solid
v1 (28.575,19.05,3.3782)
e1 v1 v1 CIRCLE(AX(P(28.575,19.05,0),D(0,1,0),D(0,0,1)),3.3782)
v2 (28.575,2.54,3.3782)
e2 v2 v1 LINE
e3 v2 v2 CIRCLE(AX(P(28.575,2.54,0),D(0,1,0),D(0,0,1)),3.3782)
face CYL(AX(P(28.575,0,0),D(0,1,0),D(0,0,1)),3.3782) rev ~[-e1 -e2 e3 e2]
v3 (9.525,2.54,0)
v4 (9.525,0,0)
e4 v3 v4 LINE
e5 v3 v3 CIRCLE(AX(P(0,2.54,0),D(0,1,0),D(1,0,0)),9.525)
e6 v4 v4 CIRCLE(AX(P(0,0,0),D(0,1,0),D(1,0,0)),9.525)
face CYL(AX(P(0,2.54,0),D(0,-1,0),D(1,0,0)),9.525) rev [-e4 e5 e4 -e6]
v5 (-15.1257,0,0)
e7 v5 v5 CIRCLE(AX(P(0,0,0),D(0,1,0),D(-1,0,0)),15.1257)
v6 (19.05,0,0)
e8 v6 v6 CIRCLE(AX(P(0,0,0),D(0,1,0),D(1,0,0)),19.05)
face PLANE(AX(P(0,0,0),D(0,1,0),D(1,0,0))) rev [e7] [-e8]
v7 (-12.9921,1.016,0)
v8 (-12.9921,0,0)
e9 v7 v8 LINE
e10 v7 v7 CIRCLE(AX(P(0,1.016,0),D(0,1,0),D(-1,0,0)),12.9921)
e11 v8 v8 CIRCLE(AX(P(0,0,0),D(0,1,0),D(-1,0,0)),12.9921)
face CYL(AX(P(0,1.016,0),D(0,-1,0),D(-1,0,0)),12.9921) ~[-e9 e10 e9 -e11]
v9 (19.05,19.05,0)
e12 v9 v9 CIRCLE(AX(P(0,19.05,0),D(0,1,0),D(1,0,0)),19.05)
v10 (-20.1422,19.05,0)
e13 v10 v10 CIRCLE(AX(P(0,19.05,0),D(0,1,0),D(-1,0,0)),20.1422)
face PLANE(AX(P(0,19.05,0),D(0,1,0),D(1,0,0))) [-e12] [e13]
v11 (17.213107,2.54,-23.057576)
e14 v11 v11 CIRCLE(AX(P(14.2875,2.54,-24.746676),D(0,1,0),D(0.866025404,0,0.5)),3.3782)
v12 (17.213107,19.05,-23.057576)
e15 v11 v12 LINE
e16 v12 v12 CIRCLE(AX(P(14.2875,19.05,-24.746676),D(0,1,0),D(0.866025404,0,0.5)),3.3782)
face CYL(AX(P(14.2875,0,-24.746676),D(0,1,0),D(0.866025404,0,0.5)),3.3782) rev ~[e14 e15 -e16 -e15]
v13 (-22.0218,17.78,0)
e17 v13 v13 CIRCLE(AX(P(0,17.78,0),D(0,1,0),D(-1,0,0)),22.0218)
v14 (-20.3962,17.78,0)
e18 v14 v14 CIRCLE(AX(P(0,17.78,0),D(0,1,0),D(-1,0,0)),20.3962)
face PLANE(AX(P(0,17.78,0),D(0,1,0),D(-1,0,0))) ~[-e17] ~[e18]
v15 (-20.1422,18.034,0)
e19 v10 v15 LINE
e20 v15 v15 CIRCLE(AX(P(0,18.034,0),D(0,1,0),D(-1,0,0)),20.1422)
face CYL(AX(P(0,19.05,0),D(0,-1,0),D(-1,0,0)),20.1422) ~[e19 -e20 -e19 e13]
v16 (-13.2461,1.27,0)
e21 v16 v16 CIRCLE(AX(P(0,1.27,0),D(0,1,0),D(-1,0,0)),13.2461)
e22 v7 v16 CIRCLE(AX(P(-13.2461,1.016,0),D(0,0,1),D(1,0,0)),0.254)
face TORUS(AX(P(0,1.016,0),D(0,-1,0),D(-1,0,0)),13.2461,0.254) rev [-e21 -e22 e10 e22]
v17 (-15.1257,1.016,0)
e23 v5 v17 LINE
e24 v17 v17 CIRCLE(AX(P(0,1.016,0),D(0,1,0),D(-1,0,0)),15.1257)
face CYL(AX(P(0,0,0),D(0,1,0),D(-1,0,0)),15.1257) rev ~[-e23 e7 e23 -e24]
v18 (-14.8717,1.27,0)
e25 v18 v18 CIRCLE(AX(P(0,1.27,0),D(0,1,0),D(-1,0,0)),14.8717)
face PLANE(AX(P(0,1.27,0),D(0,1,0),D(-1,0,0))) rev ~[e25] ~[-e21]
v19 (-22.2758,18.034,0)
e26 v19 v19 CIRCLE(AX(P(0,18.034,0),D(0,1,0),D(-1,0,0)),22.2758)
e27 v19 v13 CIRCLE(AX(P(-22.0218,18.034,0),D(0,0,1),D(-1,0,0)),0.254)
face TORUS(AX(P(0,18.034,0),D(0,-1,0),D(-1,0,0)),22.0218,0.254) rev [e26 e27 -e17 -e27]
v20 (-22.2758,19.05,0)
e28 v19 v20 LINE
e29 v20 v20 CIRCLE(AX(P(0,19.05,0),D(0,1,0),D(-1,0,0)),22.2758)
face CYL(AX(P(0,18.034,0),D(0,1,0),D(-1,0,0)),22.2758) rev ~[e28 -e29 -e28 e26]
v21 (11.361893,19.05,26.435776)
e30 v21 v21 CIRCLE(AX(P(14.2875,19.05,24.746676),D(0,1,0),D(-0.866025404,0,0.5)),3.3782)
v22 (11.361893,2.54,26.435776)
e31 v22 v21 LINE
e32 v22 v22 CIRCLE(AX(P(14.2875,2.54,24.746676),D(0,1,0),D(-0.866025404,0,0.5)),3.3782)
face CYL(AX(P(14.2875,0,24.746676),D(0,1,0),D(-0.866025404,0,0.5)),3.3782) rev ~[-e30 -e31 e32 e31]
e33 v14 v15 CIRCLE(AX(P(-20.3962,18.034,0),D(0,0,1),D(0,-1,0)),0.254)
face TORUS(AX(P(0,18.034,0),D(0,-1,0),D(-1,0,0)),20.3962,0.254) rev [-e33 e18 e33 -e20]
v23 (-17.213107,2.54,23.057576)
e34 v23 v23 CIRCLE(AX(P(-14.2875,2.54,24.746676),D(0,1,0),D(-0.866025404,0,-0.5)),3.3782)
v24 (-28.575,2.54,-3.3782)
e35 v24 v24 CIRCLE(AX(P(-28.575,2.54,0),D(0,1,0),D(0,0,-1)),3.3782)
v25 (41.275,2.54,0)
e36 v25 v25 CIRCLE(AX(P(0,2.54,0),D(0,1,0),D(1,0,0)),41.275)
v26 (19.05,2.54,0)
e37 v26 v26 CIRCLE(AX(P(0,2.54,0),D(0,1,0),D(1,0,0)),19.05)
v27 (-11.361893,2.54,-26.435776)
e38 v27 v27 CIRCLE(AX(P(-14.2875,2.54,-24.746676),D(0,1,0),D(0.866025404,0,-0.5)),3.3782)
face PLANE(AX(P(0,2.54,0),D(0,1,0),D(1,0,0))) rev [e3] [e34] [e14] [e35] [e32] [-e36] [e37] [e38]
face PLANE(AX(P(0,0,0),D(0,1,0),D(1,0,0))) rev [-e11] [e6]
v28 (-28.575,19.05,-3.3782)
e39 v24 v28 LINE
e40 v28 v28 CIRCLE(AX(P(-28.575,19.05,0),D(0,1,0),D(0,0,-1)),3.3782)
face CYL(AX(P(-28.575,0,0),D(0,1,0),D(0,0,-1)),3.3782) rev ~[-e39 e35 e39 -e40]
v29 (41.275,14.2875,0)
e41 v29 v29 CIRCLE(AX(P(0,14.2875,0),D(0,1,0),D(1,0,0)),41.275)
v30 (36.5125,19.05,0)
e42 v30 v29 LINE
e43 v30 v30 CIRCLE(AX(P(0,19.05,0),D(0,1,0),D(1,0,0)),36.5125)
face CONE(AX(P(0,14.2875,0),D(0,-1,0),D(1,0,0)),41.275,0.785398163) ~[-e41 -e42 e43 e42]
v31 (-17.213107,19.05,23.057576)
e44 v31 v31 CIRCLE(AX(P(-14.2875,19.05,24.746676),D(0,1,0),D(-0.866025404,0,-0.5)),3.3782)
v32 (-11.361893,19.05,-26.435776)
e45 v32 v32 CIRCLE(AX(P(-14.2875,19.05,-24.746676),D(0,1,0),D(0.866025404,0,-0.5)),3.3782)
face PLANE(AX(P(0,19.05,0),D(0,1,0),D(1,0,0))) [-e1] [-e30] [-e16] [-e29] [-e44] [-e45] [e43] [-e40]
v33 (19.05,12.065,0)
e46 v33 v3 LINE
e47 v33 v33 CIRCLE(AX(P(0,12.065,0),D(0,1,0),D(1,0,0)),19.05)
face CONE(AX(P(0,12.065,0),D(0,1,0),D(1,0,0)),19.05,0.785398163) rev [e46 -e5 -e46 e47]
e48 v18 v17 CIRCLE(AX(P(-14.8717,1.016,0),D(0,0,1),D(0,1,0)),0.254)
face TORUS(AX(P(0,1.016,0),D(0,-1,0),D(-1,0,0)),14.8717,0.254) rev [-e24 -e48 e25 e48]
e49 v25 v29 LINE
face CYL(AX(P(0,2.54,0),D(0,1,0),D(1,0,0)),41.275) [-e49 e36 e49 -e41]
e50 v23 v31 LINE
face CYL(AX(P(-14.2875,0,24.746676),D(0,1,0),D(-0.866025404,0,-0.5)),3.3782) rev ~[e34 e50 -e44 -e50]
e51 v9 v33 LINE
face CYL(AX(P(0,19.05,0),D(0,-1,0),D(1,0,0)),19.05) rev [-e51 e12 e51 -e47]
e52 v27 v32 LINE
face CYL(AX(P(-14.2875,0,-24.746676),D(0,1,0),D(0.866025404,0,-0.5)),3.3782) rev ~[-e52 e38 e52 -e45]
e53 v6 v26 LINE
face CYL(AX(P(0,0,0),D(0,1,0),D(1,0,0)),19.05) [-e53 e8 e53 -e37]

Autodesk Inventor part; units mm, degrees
ref_plane "YZ Plane" through (0, 0, 0) normal (1, 0, 0) x (0, 1, 0)
ref_plane "XZ Plane" through (0, 0, 0) normal (0, 1, 0) x (-1, 0, 0)
ref_plane "XY Plane" through (0, 0, 0) normal (0, 0, 1) x (1, 0, 0)
sketch "Sketch1" plane through (0, 0, 0) normal (0, 0, 1) x (1, 0, 0)
  line L0 (9.525, 0) -> (19.05, 0)
  line L1 (41.275, 19.05) -> (19.05, 19.05)
  line L2 (19.05, 19.05) -> (19.05, 12.065)
  line L3 (19.05, 12.065) -> (9.525, 2.54)
  line L4 (9.525, 2.54) -> (9.525, 0)
  line L5 (0, -3.81) -> (0, 22.86) projected
  line L6 (19.05, 0) -> (19.05, 2.54)
  line L7 (19.05, 2.54) -> (41.275, 2.54)
  line L8 (41.275, 2.54) -> (41.275, 19.05)
  point P0 (0, 0)
  dimension "d37" = 45
  dimension "d40" = 2.54
  dimension "d57" = 19.05
  dimension "d58" = 9.525
  dimension "d59" = 19.05
  dimension "d60" = 41.275
  dimension "d61" = 2.54
  dimension "d62" = 19.05
revolve "Revolution1" add sketch "Sketch1" angle 360 about axis through (0, -10, 0) along (0, 1, 0)
sketch "Sketch4" plane through (0, 0, 0) normal (0, -1, 0) x (1, 0, 0)
  point P0 (0, 0)
  point P1 (-28.575, 0)
  dimension "d50" = 28.575
hole "Hole2" at (-28.575, 0, 0) direction (0, 1, 0) diameter 6.7564 end through all clearance for "Socket Head Cap Screw" size "1/4" standard "Ansi Unified Screw Threads"
pattern_circular "Circular Pattern3" count 6 over 360 about axis through (0, 1.27, 0) along (0, -1, 0) of "Hole2"
chamfer "Chamfer3" distance 4.7625 angle 45 1 edges at (-41.275, 19.05, 0)
sketch "Sketch8" plane through (0, 0, 0) normal (0, 0, 1) x (1, 0, 0)
  line L0 (-22.2758, 19.05) -> (-20.1422, 19.05)
  line L1 (-20.1422, 19.05) -> (-20.1422, 18.034)
  line L2 (-20.3962, 17.78) -> (-22.0218, 17.78)
  line L3 (-22.2758, 18.034) -> (-22.2758, 19.05)
  line L4 (0, -5.1288) -> (0, 30.7731) projected
  arc A0 (-22.2758, 18.034) -> (-22.0218, 17.78) centre (-22.0218, 18.034) ccw
  arc A1 (-20.3962, 17.78) -> (-20.1422, 18.034) centre (-20.3962, 18.034) ccw
  line L5 (-19.05, 19.05) -> (19.05, 19.05) projected
  point P0 (0, 0)
  point P1 (-22.2758, 17.78)
  dimension "d88" = 1.27
  dimension "d90" = 22.2758
  dimension "d91" = 2.1336
  dimension "d92" = 0.254
  dimension "d93" = 0.254
  dimension "d94" = 0
revolve "Revolution5" cut sketch "Sketch8" angle 360 about axis through (0, -10, 0) along (0, 1, 0)
sketch "Sketch9" plane through (0, 0, 0) normal (0, 0, 1) x (1, 0, 0)
  line L0 (-14.8717, 1.27) -> (-13.2461, 1.27)
  line L1 (-12.9921, 1.016) -> (-12.9921, 0)
  line L2 (-12.9921, 0) -> (-15.1257, 0)
  line L3 (-15.1257, 0) -> (-15.1257, 1.016)
  arc A0 (-14.8717, 1.27) -> (-15.1257, 1.016) centre (-14.8717, 1.016) ccw
  arc A1 (-12.9921, 1.016) -> (-13.2461, 1.27) centre (-13.2461, 1.016) ccw
  line L4 (0, -3.81) -> (0, 22.86) projected
  line L5 (0, -15.7794) -> (0, 28.2703) construction
  point P0 (0, 0)
  dimension "d96" = 15.1257
  dimension "d97" = 0.254
  dimension "d98" = 1.27
  dimension "d99" = 2.1336
revolve "Revolution6" cut sketch "Sketch9" angle 360 about axis through (0, -10, 0) along (0, 1, 0)
properties part number "ODSY-0003-202" material "Aluminum 6061"
